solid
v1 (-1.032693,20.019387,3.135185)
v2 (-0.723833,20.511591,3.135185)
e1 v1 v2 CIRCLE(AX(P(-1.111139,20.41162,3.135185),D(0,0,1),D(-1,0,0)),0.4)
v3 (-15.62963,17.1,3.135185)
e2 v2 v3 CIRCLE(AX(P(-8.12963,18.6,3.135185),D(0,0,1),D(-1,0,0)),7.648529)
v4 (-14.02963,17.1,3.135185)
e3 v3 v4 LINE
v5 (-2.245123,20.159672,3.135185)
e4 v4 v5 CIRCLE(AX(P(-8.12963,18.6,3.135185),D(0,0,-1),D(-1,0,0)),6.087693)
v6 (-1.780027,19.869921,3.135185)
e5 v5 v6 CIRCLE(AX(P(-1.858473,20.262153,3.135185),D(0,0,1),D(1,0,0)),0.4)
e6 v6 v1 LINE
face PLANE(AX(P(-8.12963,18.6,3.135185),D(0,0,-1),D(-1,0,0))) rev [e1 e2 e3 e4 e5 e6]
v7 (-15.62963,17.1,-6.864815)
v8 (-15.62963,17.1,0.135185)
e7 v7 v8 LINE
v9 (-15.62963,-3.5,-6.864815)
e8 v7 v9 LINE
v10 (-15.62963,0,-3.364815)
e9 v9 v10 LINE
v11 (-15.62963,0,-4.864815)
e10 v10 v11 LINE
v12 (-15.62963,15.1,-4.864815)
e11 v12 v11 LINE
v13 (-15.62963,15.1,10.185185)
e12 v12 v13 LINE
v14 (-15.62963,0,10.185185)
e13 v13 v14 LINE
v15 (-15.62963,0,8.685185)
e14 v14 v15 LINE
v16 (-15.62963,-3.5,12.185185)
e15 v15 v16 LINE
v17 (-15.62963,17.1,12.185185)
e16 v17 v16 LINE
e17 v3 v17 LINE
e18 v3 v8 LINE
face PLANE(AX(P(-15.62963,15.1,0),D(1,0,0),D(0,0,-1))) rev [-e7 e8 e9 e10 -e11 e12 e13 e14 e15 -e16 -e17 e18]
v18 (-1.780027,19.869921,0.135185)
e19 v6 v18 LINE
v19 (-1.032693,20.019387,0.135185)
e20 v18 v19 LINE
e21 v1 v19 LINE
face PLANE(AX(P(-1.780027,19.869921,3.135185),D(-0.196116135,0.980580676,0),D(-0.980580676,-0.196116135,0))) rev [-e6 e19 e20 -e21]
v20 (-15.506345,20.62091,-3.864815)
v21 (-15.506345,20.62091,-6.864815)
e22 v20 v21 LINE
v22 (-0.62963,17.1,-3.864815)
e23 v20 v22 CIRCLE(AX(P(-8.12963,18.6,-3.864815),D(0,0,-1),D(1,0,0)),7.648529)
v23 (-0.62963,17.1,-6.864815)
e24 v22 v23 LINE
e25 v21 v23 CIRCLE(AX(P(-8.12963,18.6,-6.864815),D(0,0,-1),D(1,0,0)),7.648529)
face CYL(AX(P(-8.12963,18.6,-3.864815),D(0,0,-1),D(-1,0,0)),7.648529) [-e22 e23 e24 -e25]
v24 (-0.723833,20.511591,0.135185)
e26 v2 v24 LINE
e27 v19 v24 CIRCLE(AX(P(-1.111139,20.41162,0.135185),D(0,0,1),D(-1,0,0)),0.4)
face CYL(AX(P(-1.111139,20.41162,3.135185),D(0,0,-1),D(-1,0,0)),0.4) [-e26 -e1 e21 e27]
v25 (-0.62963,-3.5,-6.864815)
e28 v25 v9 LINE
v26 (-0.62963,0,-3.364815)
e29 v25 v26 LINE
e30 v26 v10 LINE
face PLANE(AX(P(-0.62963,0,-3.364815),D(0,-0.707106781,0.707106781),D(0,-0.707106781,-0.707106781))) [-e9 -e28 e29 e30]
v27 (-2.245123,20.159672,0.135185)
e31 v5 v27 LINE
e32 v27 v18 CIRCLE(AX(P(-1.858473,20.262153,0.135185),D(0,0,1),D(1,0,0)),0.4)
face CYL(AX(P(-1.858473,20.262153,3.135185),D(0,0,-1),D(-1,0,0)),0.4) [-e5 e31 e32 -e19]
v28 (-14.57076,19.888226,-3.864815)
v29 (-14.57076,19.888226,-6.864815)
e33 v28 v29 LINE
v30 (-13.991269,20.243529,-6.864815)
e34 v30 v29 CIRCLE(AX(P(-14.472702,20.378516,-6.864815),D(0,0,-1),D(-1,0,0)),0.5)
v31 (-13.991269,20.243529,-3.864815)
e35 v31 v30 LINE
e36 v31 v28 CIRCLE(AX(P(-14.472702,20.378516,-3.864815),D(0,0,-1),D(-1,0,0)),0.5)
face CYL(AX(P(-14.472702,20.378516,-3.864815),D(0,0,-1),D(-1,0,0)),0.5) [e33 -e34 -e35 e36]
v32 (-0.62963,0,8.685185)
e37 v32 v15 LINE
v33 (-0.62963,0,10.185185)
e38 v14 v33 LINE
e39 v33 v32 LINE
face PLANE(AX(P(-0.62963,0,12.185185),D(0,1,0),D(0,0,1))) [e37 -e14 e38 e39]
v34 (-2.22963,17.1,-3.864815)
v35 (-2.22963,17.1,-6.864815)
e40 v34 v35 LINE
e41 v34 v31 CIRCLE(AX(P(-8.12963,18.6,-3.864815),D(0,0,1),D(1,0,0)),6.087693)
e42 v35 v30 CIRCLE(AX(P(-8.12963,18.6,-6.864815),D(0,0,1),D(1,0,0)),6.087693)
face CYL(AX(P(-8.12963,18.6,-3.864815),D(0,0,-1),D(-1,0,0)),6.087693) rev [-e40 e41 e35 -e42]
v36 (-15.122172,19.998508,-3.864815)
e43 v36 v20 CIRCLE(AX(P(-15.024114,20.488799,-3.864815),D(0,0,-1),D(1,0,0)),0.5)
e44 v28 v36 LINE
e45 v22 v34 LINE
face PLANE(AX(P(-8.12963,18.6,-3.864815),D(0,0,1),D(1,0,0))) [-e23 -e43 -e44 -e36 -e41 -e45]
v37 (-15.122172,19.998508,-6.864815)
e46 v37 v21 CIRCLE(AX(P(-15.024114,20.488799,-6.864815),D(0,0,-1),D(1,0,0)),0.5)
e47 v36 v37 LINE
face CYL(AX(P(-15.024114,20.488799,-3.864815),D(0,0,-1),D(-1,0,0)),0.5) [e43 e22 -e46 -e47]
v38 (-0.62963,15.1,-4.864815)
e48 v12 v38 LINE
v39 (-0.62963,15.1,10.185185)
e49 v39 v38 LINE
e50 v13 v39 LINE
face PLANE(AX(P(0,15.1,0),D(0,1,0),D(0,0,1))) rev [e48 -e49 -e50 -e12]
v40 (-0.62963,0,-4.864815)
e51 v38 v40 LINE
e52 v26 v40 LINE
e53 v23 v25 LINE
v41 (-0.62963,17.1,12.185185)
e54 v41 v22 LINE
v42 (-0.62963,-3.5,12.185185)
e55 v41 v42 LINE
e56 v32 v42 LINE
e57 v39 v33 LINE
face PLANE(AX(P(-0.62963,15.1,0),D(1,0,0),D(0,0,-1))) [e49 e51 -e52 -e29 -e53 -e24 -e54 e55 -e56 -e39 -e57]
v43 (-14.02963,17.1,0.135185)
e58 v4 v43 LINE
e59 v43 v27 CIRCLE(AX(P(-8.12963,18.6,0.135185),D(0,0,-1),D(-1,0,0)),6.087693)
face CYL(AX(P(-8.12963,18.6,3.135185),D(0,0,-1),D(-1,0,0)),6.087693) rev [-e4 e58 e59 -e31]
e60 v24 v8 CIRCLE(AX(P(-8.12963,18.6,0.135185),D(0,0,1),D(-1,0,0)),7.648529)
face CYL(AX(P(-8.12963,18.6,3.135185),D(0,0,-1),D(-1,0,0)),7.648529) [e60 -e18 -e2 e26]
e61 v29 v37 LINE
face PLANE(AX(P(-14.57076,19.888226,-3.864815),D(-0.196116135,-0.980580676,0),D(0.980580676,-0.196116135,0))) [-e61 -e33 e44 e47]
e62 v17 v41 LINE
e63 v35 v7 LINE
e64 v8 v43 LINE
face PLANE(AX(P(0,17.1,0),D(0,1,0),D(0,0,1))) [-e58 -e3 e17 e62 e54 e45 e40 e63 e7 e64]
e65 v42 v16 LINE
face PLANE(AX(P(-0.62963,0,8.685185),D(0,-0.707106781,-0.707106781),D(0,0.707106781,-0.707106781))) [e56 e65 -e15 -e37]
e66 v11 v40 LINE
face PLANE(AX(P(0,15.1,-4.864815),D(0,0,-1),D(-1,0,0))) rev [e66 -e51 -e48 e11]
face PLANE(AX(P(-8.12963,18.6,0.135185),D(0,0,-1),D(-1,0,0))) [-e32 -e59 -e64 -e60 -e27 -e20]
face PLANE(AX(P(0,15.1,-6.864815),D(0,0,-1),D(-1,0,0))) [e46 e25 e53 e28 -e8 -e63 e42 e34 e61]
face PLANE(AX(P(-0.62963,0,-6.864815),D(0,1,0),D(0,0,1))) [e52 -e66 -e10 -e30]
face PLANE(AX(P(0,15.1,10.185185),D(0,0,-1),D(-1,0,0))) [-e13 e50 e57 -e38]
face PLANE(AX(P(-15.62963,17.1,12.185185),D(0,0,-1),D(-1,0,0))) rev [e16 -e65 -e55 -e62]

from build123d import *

# Parameters (mm, degrees)
SKETCH_1_W        = 15
SKETCH_1_H        = 2
EXTRUDE_1_DEPTH   = 15.1
EXTRUDE_1_2_DEPTH = 15.1
SKETCH_2_W        = 15
SKETCH_2_H        = 19.05
EXTRUDE_2_DEPTH   = 2
EXTRUDE_3_DEPTH   = 15
EXTRUDE_4_DEPTH   = 3
EXTRUDE_5_DEPTH   = 3


with BuildPart() as part:
    # 草图1 → 凸台-拉伸1 (new body)
    with BuildSketch(Plane(origin=(0, 0, 0), x_dir=(1, 0, 0), z_dir=(0, 1, 0))):
        with Locations((-8.12962963, 5.864814815)):
            Rectangle(SKETCH_1_W, SKETCH_1_H)
    extrude(amount=EXTRUDE_1_DEPTH)



with BuildPart() as body_2:
    # 草图1 → Extrude 1 2 (new body)
    with BuildSketch(Plane(origin=(0, 0, 0), x_dir=(1, 0, 0), z_dir=(0, 1, 0))):
        with Locations((-8.12962963, -11.185185185)):
            Rectangle(SKETCH_1_W, SKETCH_1_H)
    extrude(amount=EXTRUDE_1_2_DEPTH)


with BuildPart() as part_1:
    add(part.part)

    add(body_2.part)  # 凸台-拉伸2 merges body 2
    # 草图2 → 凸台-拉伸2 (add)
    with BuildSketch(Plane(origin=(0, 15.1, 0), x_dir=(1, 0, 0), z_dir=(0, 1, 0))):
        with Locations((-8.12962963, -2.660185185)):
            Rectangle(SKETCH_2_W, SKETCH_2_H)
    extrude(amount=EXTRUDE_2_DEPTH)

    # 草图3 → 凸台-拉伸3 (add)
    with BuildSketch(Plane.ZY.offset(15.62962963)):
        Polygon((-6.864814815, 0), (-3.364814815, 0), (-6.864814815, -3.5), align=None)
        Polygon((12.185185185, 0), (8.685185185, 0), (12.185185185, -3.5), align=None)
    extrude(amount=-EXTRUDE_3_DEPTH)

    # 草图5 → 凸台-拉伸4 (add)
    with BuildSketch(Plane(origin=(0, 0, -6.864814815), x_dir=(-1, 0, 0), z_dir=(0, 0, -1))):
        with BuildLine():
            Line((14.570760421, 19.888226158), (15.122171723, 19.998508419))
            ThreePointArc((15.122171723, 19.998508419), (15.449589497, 20.226176769), (15.506344599, 20.62090976))
            ThreePointArc((15.506344599, 20.62090976), (6.36809587, 26.042916016), (0.62962963, 17.1))
            Line((0.62962963, 17.1), (2.22962963, 17.1))
            ThreePointArc((2.22962963, 17.1), (6.557748265, 24.481257432), (13.991268777, 20.243528676))
            ThreePointArc((13.991268777, 20.243528676), (14.211351698, 19.952258552), (14.570760421, 19.888226158))
        make_face()
    extrude(amount=-EXTRUDE_4_DEPTH)

    # 草图7 → 凸台-拉伸5 (add)
    with BuildSketch(Plane.XY.offset(0.135185185)):
        with BuildLine():
            Line((-1.780026825, 19.869920561), (-1.032692548, 20.019387416))
            ThreePointArc((-1.032692548, 20.019387416), (-0.772321289, 20.199010756), (-0.723833364, 20.511591398))
            ThreePointArc((-0.723833364, 20.511591398), (-9.836075513, 26.055738893), (-15.62962963, 17.1))
            Line((-15.62962963, 17.1), (-14.02962963, 17.1))
            ThreePointArc((-14.02962963, 17.1), (-9.659485473, 24.492329005), (-2.245122699, 20.15967246))
            ThreePointArc((-2.245122699, 20.15967246), (-2.069982872, 19.922647762), (-1.780026825, 19.869920561))
        make_face()
    extrude(amount=EXTRUDE_5_DEPTH)


solid = part_1.part
